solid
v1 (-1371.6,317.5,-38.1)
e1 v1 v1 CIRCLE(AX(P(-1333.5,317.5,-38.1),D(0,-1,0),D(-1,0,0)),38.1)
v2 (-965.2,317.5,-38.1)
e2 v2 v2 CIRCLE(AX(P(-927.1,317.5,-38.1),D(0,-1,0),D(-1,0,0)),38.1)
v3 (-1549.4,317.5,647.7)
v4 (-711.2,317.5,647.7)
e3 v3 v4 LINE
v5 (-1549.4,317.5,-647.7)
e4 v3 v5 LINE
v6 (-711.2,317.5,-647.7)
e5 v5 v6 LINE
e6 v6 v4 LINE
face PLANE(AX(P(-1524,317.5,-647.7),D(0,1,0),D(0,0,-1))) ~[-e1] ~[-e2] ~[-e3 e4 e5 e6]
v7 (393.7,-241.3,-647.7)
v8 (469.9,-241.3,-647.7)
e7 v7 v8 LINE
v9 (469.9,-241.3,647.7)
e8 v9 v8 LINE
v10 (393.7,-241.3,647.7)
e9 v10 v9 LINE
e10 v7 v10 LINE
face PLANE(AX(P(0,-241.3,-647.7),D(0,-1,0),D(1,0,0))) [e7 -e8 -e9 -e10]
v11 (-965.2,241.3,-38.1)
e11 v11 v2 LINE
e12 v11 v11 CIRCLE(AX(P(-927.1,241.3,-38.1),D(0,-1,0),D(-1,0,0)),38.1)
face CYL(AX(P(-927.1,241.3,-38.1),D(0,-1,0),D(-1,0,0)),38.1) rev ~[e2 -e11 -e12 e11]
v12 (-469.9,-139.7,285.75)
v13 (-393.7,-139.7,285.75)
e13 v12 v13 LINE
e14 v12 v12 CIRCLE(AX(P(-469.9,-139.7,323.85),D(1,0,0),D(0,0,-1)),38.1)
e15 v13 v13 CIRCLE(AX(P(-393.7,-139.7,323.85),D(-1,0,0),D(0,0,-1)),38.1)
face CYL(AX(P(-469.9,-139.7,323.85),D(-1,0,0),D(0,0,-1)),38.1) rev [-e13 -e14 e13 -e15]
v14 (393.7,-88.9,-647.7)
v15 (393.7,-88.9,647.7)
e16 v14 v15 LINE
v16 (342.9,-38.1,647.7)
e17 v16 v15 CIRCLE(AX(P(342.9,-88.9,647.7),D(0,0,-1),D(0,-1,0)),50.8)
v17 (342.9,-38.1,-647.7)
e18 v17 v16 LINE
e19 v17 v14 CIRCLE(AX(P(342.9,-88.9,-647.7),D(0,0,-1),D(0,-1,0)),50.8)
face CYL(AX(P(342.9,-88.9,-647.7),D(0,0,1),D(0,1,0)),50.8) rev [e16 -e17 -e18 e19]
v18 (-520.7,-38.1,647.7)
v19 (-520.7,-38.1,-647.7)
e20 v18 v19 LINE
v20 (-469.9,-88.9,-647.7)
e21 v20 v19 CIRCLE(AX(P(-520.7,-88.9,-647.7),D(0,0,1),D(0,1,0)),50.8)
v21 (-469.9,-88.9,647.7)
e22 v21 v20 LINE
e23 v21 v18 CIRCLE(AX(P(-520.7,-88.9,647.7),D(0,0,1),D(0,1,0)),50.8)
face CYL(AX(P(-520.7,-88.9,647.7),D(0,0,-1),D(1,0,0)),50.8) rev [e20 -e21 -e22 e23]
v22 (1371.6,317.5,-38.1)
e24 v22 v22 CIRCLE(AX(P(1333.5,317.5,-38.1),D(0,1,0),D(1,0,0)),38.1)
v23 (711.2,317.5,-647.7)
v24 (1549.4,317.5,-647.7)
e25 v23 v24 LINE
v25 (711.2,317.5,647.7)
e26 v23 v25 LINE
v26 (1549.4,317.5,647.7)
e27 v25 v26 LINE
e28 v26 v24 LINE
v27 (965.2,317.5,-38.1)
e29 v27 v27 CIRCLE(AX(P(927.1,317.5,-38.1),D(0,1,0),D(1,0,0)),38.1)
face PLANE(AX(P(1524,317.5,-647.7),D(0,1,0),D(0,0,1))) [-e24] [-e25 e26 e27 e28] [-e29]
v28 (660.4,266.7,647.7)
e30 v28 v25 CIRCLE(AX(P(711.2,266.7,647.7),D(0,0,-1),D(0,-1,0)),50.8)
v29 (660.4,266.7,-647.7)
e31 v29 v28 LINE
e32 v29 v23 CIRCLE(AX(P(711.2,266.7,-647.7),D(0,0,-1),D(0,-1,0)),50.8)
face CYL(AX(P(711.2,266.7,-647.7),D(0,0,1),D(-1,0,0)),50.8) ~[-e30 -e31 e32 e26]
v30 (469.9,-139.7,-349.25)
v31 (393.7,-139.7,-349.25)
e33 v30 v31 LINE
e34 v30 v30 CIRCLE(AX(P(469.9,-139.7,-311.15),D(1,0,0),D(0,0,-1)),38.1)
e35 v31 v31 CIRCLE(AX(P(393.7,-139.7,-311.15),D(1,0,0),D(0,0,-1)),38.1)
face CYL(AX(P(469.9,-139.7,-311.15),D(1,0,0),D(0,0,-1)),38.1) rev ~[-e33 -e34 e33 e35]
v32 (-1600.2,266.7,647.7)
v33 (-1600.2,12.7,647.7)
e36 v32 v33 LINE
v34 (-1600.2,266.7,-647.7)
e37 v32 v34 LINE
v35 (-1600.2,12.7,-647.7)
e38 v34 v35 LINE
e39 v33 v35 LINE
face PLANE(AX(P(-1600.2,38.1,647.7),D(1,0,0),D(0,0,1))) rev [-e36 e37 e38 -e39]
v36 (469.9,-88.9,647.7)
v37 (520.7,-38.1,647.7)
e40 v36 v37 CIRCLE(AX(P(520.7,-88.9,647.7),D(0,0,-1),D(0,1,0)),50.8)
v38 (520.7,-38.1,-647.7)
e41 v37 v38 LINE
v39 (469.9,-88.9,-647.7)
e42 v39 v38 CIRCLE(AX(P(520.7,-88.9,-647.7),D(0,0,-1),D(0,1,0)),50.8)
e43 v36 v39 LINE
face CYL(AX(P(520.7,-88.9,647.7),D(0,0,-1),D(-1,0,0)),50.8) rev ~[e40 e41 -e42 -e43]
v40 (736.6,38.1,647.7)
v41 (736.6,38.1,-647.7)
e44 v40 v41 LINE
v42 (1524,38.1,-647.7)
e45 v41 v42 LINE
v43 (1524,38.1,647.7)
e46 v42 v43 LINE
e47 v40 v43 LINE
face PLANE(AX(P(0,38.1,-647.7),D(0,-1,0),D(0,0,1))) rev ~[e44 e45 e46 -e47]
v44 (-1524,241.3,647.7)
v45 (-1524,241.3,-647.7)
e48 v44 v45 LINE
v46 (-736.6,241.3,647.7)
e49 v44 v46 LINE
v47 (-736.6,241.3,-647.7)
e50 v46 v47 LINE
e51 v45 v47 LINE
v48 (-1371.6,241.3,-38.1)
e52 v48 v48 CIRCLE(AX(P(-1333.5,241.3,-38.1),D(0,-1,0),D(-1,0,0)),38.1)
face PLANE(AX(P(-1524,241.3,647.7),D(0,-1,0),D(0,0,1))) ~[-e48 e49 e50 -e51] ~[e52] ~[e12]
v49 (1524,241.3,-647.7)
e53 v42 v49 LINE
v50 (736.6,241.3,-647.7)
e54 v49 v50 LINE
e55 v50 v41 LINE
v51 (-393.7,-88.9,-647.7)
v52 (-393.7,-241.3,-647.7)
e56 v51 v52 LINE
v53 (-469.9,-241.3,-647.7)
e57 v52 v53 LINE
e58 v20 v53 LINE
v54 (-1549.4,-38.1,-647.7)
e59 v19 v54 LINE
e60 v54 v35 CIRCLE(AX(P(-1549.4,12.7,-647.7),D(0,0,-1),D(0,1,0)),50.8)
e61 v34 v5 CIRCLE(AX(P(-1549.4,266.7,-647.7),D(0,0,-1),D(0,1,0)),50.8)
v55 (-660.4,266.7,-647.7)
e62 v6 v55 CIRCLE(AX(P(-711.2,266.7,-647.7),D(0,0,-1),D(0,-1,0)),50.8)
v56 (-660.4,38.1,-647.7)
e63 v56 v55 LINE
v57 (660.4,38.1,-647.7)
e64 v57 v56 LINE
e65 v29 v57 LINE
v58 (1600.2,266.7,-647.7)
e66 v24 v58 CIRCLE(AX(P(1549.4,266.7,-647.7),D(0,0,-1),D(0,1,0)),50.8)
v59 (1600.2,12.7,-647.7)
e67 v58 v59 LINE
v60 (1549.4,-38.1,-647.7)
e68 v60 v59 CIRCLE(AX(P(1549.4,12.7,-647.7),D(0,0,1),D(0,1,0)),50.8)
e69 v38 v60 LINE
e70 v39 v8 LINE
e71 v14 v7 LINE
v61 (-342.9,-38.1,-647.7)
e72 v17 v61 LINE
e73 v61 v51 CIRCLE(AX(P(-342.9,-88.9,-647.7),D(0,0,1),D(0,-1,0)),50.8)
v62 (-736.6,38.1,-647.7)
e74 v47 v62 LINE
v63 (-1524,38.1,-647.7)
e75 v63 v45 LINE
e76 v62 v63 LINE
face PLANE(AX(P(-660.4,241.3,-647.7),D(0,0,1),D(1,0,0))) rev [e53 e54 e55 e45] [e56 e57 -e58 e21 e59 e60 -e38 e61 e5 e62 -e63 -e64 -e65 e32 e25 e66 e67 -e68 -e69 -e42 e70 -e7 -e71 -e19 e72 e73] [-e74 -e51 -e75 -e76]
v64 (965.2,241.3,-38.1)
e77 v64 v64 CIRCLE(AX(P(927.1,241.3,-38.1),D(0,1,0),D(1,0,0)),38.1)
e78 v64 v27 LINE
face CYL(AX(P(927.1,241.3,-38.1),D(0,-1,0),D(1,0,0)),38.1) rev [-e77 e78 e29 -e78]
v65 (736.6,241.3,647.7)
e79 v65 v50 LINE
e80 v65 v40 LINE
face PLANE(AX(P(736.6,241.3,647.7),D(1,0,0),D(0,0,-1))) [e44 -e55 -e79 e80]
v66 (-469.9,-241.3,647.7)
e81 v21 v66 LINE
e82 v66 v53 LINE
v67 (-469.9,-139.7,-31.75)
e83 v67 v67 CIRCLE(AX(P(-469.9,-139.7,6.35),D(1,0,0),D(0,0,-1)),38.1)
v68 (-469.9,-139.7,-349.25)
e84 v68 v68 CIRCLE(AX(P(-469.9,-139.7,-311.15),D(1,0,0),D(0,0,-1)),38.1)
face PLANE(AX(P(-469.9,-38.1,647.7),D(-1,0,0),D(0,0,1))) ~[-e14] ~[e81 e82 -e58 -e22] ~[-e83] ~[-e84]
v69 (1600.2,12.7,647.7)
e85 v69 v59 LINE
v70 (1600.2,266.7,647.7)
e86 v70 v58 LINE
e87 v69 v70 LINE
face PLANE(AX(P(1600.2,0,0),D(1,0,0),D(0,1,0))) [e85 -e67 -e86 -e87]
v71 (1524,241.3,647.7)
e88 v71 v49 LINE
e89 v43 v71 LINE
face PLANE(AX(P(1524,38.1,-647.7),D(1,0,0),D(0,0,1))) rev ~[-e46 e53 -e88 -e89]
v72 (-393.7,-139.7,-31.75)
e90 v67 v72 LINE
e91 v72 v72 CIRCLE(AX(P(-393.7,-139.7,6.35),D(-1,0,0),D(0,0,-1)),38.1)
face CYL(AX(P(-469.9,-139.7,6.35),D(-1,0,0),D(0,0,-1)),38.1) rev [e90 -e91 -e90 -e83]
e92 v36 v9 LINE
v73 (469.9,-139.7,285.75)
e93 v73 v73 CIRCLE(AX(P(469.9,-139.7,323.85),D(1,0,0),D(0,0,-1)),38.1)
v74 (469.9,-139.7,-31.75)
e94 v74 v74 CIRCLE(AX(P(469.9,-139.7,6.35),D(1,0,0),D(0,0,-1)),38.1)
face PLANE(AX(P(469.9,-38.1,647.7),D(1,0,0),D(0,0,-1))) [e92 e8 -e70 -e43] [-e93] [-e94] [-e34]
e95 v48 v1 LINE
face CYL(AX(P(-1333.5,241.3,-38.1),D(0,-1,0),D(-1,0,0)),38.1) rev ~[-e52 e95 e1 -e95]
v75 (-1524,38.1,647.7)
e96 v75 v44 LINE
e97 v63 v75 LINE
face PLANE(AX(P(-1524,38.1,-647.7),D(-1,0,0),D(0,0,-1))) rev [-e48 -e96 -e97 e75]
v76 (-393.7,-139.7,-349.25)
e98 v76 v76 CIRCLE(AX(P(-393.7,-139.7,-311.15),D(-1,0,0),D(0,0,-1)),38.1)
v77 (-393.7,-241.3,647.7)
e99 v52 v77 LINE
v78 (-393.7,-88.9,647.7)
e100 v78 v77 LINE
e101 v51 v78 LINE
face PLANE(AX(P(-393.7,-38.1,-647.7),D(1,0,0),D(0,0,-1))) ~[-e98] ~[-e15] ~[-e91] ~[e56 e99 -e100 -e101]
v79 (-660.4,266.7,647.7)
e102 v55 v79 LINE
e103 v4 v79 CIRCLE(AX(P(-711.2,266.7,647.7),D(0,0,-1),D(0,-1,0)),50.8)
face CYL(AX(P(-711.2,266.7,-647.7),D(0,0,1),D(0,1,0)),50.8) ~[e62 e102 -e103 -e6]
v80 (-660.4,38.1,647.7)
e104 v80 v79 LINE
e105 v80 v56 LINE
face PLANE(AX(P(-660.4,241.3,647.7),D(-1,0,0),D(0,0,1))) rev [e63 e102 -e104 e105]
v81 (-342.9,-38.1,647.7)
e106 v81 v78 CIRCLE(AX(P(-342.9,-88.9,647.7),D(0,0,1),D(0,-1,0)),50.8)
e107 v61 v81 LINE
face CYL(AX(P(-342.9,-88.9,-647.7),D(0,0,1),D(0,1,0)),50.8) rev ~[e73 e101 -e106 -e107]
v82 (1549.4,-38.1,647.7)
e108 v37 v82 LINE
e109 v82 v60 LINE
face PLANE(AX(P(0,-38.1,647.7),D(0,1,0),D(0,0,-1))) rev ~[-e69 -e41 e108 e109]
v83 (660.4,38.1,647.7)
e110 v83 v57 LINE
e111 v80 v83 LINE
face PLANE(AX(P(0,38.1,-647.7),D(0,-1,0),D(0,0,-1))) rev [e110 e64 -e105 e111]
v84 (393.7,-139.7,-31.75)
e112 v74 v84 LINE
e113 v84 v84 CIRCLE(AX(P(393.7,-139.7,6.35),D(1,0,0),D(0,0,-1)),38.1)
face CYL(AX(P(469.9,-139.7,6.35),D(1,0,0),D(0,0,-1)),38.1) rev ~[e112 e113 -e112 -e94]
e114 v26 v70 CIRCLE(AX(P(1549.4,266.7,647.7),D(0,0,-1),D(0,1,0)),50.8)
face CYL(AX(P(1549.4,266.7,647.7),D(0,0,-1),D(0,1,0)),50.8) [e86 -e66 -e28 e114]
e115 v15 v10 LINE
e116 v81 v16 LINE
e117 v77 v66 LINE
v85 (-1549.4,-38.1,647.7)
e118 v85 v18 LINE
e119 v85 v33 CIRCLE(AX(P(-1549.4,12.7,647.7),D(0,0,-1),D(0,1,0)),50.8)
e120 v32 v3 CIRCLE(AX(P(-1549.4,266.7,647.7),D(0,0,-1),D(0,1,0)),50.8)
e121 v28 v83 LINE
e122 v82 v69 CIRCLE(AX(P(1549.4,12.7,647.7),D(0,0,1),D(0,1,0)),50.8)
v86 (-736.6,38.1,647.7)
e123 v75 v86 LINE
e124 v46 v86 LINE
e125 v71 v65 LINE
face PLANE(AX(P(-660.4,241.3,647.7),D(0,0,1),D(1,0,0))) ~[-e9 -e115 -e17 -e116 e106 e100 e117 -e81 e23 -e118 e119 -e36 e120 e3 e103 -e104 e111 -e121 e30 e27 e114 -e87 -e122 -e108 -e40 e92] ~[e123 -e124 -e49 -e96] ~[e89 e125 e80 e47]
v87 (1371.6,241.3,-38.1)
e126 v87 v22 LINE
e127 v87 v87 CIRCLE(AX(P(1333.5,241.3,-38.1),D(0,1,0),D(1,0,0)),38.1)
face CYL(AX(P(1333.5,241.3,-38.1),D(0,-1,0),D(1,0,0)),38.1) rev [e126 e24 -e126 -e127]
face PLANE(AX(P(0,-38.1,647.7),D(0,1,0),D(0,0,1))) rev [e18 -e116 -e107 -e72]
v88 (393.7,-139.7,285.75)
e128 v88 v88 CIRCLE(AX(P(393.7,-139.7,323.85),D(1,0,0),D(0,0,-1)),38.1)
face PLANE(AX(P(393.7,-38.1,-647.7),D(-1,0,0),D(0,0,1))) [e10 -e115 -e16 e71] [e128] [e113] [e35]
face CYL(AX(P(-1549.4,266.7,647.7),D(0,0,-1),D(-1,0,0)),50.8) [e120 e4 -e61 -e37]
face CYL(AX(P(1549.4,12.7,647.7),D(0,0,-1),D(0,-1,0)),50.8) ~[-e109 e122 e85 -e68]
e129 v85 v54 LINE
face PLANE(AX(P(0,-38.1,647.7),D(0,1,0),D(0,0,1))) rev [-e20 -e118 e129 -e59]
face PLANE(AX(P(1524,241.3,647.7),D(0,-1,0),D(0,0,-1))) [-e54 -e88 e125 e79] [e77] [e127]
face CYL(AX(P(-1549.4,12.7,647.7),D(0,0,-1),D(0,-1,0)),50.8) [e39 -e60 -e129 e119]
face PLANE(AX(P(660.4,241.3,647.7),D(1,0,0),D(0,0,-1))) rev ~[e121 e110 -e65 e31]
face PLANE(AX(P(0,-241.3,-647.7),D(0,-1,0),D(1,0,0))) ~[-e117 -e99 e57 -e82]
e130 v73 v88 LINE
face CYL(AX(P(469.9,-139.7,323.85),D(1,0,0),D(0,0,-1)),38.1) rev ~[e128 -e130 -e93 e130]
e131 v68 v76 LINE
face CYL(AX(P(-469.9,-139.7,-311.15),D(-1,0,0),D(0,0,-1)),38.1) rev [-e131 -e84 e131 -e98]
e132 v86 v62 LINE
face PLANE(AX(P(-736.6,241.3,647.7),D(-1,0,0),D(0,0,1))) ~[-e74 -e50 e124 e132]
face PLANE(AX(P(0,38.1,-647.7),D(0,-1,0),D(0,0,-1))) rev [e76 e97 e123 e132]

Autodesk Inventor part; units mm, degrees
ref_plane "YZ Plane" through (0, 0, 0) normal (1, 0, 0) x (0, 1, 0)
ref_plane "XZ Plane" through (0, 0, 0) normal (0, 1, 0) x (-1, 0, 0)
ref_plane "XY Plane" through (0, 0, 0) normal (0, 0, 1) x (1, 0, 0)
sketch "Sketch1" plane through (0, 0, 0) normal (1, 0, 0) x (0, 1, 0)
  line L0 (38.1, 647.7) -> (-38.1, 647.7)
  line L1 (-38.1, 647.7) -> (-38.1, -647.7)
  line L2 (-38.1, -647.7) -> (38.1, -647.7)
  line L3 (38.1, -647.7) -> (38.1, 647.7)
  line L4 (0, 0) -> (486.9553, 0) construction
  point P0 (0, -647.7)
  dimension "d0" = 1295.4
  dimension "d1" = 76.2
  dimension "d2" = 647.7
extrude "Extrusion1" add sketch "Sketch1" along normal blind 1600.2
sketch "Sketch2" plane through (0, 38.1, 647.7) normal (0, 1, 0) x (1, 0, 0)
  line L0 (1600.2, 0) -> (1600.2, 1295.4) projected
  line L1 (0, 0) -> (1600.2, 0) projected
  line L2 (1600.2, 1295.4) -> (1524, 1295.4)
  line L3 (1524, 1295.4) -> (1524, 0)
  line L4 (1524, 0) -> (1600.2, 0)
  line L5 (1600.2, 0) -> (1600.2, 1295.4)
  line L6 (1600.2, 1295.4) -> (1600.2, 0) projected
  point P0 (0, 647.7)
  dimension "d5" = 76.2
extrude "Extrusion2" add sketch "Sketch2" along normal blind 279.4
sketch "Sketch3" plane through (1524, 38.1, -647.7) normal (-1, 0, 0) x (0, 0, 1)
  line L0 (0, -76.2) -> (0, 279.4) projected
  line L1 (1295.4, -76.2) -> (1295.4, 279.4) projected
  line L2 (0, 279.4) -> (1295.4, 279.4)
  line L3 (1295.4, 279.4) -> (1295.4, 203.2)
  line L4 (1295.4, 203.2) -> (0, 203.2)
  line L5 (0, 203.2) -> (0, 279.4)
  point P0 (647.7, -38.1)
  dimension "d8" = 76.2
extrude "Extrusion3" add sketch "Sketch3" along normal blind 863.6
sketch "Sketch4" plane through (1524, 241.3, -647.7) normal (0, -1, 0) x (1, 0, 0)
  line L0 (-863.6, 1295.4) -> (-863.6, 0) projected
  line L1 (-1524, 0) -> (0, 0) projected
  line L2 (-863.6, 1295.4) -> (-787.4, 1295.4)
  line L3 (-787.4, 1295.4) -> (-787.4, 0)
  line L4 (-787.4, 0) -> (-863.6, 0)
  line L5 (-863.6, 0) -> (-863.6, 1295.4)
  point P0 (-1524, 647.7)
  dimension "d11" = 76.2
extrude "Extrusion4" add sketch "Sketch4" along normal up to next
sketch "Sketch5" plane through (0, -38.1, -647.7) normal (0, -1, 0) x (1, 0, 0)
  line L0 (0, 1295.4) -> (1600.2, 1295.4) projected
  line L1 (0, 0) -> (1600.2, 0) projected
  line L2 (393.7, 1295.4) -> (469.9, 1295.4)
  line L3 (469.9, 1295.4) -> (469.9, 0)
  line L4 (469.9, 0) -> (393.7, 0)
  line L5 (393.7, 0) -> (393.7, 1295.4)
  point P0 (0, 647.7)
  dimension "d14" = 76.2
  dimension "d15" = 469.9
extrude "Extrusion5" add sketch "Sketch5" along normal blind 203.2
sketch "Sketch6" plane through (469.9, -38.1, 647.7) normal (1, 0, 0) x (0, 0, -1)
  point P0 (647.7, 38.1)
sketch "Sketch7" plane through (469.9, -38.1, 647.7) normal (1, 0, 0) x (0, 0, -1)
  circle A0 centre (323.85, -101.6) radius 38.1
  line L0 (0, 0) -> (0, -203.2) projected
  line L1 (1295.4, -203.2) -> (0, -203.2) projected
  point P0 (647.7, 38.1)
  dimension "d18" = 76.2
  dimension "d19" = 323.85
  dimension "d20" = 101.6
extrude "Extrusion6" cut sketch "Sketch7" against normal through all
pattern_linear "Rectangular Pattern1" count 3 spacing 317.5 along (0, 0, -1) of "Extrusion6"
fillet "Fillet1" radius 50.8 1 edges at (393.7, -38.1, 0)
sketch "Sketch8" plane through (0, 317.5, 647.7) normal (0, 1, 0) x (1, 0, 0)
  circle A0 centre (927.1, 685.8) radius 38.1
  line L0 (1600.2, 0) -> (660.4, 0) projected
  line L1 (660.4, 0) -> (660.4, 1295.4) projected
  circle A1 centre (1333.5, 685.8) radius 38.1
  point P0 (0, 647.7)
  dimension "d28" = 76.2
  dimension "d29" = 685.8
  dimension "d30" = 266.7
  dimension "d31" = 76.2
  dimension "d32" = 406.4
extrude "Extrusion7" cut sketch "Sketch8" along normal up to surface (76.2 mm away) from surface at -76.2
fillet "Fillet3" radius 50.8 4 edges at (1600.2, 317.5, 0) (660.4, 317.5, 0) (1600.2, -38.1, 0) (469.9, -38.1, 0)
mirror "Mirror1" about plane through (0, 0, 0) normal (1, 0, 0) of "Extrusion1", "Extrusion2", "Extrusion3", "Extrusion4", "Extrusion5", "Extrusion6", "Rectangular Pattern1", "Fillet1", "Extrusion7", "Fillet3"
properties part number "Up_Part_Robot"
